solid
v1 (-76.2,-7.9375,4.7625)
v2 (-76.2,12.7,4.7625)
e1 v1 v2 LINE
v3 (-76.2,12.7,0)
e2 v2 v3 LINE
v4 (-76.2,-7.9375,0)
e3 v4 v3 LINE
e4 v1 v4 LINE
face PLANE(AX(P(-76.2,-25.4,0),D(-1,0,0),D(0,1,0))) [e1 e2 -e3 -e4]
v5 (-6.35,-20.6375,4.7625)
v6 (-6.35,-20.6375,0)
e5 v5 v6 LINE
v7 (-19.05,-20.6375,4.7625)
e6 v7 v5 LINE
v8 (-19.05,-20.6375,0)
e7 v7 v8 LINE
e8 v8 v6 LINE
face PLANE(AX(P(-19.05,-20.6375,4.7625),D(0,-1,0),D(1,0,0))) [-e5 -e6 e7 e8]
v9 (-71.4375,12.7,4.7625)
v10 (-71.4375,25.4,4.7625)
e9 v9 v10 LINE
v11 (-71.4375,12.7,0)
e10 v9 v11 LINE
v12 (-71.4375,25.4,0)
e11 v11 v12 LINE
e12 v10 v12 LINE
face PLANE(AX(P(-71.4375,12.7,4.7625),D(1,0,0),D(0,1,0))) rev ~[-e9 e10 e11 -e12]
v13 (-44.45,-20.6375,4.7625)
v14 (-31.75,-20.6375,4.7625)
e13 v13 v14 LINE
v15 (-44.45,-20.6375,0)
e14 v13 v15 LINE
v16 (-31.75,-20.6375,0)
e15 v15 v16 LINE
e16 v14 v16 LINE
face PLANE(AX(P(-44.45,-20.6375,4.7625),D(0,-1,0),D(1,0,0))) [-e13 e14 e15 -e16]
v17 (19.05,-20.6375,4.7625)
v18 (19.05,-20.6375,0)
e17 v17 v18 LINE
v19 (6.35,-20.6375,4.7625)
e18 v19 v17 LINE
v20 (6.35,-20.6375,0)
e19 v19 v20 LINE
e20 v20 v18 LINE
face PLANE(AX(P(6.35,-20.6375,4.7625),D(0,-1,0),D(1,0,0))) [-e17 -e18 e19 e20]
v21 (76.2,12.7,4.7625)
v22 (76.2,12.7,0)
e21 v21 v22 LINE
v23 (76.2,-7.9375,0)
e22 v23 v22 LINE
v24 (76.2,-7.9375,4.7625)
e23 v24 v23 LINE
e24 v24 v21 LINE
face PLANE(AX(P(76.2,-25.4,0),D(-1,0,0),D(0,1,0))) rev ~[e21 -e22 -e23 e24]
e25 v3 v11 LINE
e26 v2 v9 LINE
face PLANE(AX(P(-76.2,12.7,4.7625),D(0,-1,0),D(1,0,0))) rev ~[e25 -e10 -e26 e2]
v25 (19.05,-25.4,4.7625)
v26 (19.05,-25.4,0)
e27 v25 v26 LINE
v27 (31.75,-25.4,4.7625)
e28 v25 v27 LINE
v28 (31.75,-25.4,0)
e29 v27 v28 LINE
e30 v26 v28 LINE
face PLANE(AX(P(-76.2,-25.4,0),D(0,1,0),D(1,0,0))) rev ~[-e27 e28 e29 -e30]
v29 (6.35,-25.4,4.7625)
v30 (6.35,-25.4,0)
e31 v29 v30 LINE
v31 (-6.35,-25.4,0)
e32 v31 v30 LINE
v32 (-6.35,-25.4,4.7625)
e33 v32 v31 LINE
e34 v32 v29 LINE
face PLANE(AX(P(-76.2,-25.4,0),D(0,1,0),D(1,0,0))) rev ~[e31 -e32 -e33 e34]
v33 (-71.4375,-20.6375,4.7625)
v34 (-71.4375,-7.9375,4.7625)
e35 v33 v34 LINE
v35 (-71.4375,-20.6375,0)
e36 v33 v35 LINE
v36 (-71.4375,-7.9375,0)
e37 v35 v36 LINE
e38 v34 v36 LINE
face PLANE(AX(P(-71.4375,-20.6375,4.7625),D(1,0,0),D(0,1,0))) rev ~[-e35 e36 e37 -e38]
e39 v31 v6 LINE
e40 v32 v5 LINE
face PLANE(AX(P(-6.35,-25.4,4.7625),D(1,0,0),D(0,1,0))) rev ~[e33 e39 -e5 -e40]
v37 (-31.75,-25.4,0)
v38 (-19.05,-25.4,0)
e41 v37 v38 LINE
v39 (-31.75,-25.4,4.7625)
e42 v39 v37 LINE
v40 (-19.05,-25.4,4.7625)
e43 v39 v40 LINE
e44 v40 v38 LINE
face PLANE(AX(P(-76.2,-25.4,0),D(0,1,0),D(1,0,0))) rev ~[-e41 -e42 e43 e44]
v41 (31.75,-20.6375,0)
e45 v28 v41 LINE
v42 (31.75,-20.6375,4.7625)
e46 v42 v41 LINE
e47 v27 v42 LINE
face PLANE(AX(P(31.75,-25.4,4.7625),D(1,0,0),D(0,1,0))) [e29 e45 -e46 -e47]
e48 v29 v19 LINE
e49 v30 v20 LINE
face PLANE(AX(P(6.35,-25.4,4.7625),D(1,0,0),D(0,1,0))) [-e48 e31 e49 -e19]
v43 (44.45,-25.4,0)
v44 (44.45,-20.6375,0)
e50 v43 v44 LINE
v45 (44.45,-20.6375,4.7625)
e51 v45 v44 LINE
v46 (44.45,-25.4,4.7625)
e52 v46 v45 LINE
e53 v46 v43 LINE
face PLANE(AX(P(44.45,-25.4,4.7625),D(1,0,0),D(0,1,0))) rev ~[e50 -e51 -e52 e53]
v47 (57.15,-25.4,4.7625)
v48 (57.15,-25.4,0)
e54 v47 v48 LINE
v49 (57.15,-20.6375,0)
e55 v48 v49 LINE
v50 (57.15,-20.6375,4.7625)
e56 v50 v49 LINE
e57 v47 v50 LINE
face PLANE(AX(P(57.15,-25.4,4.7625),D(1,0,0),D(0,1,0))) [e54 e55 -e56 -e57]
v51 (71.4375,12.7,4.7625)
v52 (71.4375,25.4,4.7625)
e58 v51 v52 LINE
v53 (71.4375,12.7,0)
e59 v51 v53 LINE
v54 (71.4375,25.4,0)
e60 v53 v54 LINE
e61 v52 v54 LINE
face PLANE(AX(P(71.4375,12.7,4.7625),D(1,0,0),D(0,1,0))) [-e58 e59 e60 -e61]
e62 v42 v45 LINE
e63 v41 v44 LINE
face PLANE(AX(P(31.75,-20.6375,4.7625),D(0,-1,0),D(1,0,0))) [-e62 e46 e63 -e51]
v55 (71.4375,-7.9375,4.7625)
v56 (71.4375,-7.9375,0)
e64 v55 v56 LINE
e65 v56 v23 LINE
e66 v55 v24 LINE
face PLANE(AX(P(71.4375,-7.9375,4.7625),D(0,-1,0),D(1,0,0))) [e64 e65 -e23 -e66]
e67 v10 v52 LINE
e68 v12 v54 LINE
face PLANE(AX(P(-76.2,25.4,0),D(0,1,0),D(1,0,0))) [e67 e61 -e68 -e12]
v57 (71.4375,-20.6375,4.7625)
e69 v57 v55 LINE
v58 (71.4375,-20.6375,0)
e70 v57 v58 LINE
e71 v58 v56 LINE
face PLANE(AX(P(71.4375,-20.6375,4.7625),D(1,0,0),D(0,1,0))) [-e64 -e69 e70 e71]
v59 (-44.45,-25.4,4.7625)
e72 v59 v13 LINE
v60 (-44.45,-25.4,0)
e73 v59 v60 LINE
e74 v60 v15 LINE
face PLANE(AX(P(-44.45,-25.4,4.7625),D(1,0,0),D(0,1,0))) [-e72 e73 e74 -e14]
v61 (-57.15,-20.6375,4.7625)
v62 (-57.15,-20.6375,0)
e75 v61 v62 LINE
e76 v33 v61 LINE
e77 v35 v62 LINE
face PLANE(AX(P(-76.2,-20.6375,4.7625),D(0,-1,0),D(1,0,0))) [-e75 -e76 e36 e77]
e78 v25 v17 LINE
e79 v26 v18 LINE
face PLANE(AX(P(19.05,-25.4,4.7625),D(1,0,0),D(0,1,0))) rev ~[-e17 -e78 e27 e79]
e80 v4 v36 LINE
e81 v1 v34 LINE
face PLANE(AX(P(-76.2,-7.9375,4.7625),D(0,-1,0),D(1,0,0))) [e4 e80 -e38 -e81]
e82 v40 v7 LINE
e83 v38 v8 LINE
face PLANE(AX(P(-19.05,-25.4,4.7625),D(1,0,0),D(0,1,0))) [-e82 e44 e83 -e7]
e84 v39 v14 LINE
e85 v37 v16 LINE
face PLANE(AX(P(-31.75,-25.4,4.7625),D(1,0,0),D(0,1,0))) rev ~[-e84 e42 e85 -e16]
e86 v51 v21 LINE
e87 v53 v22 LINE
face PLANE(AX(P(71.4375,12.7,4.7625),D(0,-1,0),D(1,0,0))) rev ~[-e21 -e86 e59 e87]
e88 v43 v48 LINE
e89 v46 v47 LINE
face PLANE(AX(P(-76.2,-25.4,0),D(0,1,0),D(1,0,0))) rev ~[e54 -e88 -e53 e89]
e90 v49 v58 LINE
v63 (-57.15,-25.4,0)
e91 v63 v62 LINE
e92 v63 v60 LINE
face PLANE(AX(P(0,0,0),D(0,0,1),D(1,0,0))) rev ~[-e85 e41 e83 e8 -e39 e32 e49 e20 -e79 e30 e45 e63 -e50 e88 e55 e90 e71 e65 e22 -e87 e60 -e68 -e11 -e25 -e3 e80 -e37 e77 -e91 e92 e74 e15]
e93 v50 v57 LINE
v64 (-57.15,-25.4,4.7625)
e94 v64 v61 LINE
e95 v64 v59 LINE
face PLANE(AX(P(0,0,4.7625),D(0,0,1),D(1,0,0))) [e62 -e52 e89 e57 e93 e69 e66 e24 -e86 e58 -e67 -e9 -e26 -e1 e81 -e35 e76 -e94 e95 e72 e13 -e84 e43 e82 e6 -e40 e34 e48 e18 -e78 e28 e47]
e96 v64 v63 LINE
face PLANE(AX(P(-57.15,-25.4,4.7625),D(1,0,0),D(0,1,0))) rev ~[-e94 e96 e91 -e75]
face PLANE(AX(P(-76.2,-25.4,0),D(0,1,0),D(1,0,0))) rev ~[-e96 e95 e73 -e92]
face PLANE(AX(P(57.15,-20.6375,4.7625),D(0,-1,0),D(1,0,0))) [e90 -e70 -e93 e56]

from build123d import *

# Parameters (mm, degrees)
F0_W     = 152.4
F0_H     = 50.8
F1_DEPTH = 4.7625
F2_W     = 19.05
F2_H     = 4.7625
F2_W_2   = 12.7
F3_DEPTH = 25.4
F4_W     = 4.7625
F4_H     = 12.7
F5_DEPTH = 25.4


with BuildPart() as f1:
    # F0 (on Top) → F1 (new body)
    with BuildSketch(Plane.XY):
        Rectangle(F0_W, F0_H)
    extrude(amount=F1_DEPTH)

    # F2 (on face) → F3 (cut)
    with BuildSketch(Plane.XY.offset(4.7625)):
        with Locations((-66.675, -23.01875)):
            Rectangle(F2_W, F2_H)
        with Locations((-38.1, -23.01875)):
            Rectangle(F2_W_2, F2_H)
        with Locations((-12.7, -23.01875)):
            Rectangle(F2_W_2, F2_H)
        with Locations((12.7, -23.01875)):
            Rectangle(F2_W_2, F2_H)
        with Locations((66.675, -23.01875)):
            Rectangle(F2_W, F2_H)
        with Locations((38.1, -23.01875)):
            Rectangle(F2_W_2, F2_H)
    extrude(amount=-F3_DEPTH, mode=Mode.SUBTRACT)

    # F4 (on face) → F5 (cut)
    with BuildSketch(Plane.XY.offset(4.7625)):
        with Locations((-73.81875, 19.05)):
            Rectangle(F4_W, F4_H)
        with Locations((-73.81875, -14.2875)):
            Rectangle(F4_W, F4_H)
        with Locations((73.81875, 19.05)):
            Rectangle(F4_W, F4_H)
        with Locations((73.81875, -14.2875)):
            Rectangle(F4_W, F4_H)
    extrude(amount=-F5_DEPTH, mode=Mode.SUBTRACT)


solid = f1.part
